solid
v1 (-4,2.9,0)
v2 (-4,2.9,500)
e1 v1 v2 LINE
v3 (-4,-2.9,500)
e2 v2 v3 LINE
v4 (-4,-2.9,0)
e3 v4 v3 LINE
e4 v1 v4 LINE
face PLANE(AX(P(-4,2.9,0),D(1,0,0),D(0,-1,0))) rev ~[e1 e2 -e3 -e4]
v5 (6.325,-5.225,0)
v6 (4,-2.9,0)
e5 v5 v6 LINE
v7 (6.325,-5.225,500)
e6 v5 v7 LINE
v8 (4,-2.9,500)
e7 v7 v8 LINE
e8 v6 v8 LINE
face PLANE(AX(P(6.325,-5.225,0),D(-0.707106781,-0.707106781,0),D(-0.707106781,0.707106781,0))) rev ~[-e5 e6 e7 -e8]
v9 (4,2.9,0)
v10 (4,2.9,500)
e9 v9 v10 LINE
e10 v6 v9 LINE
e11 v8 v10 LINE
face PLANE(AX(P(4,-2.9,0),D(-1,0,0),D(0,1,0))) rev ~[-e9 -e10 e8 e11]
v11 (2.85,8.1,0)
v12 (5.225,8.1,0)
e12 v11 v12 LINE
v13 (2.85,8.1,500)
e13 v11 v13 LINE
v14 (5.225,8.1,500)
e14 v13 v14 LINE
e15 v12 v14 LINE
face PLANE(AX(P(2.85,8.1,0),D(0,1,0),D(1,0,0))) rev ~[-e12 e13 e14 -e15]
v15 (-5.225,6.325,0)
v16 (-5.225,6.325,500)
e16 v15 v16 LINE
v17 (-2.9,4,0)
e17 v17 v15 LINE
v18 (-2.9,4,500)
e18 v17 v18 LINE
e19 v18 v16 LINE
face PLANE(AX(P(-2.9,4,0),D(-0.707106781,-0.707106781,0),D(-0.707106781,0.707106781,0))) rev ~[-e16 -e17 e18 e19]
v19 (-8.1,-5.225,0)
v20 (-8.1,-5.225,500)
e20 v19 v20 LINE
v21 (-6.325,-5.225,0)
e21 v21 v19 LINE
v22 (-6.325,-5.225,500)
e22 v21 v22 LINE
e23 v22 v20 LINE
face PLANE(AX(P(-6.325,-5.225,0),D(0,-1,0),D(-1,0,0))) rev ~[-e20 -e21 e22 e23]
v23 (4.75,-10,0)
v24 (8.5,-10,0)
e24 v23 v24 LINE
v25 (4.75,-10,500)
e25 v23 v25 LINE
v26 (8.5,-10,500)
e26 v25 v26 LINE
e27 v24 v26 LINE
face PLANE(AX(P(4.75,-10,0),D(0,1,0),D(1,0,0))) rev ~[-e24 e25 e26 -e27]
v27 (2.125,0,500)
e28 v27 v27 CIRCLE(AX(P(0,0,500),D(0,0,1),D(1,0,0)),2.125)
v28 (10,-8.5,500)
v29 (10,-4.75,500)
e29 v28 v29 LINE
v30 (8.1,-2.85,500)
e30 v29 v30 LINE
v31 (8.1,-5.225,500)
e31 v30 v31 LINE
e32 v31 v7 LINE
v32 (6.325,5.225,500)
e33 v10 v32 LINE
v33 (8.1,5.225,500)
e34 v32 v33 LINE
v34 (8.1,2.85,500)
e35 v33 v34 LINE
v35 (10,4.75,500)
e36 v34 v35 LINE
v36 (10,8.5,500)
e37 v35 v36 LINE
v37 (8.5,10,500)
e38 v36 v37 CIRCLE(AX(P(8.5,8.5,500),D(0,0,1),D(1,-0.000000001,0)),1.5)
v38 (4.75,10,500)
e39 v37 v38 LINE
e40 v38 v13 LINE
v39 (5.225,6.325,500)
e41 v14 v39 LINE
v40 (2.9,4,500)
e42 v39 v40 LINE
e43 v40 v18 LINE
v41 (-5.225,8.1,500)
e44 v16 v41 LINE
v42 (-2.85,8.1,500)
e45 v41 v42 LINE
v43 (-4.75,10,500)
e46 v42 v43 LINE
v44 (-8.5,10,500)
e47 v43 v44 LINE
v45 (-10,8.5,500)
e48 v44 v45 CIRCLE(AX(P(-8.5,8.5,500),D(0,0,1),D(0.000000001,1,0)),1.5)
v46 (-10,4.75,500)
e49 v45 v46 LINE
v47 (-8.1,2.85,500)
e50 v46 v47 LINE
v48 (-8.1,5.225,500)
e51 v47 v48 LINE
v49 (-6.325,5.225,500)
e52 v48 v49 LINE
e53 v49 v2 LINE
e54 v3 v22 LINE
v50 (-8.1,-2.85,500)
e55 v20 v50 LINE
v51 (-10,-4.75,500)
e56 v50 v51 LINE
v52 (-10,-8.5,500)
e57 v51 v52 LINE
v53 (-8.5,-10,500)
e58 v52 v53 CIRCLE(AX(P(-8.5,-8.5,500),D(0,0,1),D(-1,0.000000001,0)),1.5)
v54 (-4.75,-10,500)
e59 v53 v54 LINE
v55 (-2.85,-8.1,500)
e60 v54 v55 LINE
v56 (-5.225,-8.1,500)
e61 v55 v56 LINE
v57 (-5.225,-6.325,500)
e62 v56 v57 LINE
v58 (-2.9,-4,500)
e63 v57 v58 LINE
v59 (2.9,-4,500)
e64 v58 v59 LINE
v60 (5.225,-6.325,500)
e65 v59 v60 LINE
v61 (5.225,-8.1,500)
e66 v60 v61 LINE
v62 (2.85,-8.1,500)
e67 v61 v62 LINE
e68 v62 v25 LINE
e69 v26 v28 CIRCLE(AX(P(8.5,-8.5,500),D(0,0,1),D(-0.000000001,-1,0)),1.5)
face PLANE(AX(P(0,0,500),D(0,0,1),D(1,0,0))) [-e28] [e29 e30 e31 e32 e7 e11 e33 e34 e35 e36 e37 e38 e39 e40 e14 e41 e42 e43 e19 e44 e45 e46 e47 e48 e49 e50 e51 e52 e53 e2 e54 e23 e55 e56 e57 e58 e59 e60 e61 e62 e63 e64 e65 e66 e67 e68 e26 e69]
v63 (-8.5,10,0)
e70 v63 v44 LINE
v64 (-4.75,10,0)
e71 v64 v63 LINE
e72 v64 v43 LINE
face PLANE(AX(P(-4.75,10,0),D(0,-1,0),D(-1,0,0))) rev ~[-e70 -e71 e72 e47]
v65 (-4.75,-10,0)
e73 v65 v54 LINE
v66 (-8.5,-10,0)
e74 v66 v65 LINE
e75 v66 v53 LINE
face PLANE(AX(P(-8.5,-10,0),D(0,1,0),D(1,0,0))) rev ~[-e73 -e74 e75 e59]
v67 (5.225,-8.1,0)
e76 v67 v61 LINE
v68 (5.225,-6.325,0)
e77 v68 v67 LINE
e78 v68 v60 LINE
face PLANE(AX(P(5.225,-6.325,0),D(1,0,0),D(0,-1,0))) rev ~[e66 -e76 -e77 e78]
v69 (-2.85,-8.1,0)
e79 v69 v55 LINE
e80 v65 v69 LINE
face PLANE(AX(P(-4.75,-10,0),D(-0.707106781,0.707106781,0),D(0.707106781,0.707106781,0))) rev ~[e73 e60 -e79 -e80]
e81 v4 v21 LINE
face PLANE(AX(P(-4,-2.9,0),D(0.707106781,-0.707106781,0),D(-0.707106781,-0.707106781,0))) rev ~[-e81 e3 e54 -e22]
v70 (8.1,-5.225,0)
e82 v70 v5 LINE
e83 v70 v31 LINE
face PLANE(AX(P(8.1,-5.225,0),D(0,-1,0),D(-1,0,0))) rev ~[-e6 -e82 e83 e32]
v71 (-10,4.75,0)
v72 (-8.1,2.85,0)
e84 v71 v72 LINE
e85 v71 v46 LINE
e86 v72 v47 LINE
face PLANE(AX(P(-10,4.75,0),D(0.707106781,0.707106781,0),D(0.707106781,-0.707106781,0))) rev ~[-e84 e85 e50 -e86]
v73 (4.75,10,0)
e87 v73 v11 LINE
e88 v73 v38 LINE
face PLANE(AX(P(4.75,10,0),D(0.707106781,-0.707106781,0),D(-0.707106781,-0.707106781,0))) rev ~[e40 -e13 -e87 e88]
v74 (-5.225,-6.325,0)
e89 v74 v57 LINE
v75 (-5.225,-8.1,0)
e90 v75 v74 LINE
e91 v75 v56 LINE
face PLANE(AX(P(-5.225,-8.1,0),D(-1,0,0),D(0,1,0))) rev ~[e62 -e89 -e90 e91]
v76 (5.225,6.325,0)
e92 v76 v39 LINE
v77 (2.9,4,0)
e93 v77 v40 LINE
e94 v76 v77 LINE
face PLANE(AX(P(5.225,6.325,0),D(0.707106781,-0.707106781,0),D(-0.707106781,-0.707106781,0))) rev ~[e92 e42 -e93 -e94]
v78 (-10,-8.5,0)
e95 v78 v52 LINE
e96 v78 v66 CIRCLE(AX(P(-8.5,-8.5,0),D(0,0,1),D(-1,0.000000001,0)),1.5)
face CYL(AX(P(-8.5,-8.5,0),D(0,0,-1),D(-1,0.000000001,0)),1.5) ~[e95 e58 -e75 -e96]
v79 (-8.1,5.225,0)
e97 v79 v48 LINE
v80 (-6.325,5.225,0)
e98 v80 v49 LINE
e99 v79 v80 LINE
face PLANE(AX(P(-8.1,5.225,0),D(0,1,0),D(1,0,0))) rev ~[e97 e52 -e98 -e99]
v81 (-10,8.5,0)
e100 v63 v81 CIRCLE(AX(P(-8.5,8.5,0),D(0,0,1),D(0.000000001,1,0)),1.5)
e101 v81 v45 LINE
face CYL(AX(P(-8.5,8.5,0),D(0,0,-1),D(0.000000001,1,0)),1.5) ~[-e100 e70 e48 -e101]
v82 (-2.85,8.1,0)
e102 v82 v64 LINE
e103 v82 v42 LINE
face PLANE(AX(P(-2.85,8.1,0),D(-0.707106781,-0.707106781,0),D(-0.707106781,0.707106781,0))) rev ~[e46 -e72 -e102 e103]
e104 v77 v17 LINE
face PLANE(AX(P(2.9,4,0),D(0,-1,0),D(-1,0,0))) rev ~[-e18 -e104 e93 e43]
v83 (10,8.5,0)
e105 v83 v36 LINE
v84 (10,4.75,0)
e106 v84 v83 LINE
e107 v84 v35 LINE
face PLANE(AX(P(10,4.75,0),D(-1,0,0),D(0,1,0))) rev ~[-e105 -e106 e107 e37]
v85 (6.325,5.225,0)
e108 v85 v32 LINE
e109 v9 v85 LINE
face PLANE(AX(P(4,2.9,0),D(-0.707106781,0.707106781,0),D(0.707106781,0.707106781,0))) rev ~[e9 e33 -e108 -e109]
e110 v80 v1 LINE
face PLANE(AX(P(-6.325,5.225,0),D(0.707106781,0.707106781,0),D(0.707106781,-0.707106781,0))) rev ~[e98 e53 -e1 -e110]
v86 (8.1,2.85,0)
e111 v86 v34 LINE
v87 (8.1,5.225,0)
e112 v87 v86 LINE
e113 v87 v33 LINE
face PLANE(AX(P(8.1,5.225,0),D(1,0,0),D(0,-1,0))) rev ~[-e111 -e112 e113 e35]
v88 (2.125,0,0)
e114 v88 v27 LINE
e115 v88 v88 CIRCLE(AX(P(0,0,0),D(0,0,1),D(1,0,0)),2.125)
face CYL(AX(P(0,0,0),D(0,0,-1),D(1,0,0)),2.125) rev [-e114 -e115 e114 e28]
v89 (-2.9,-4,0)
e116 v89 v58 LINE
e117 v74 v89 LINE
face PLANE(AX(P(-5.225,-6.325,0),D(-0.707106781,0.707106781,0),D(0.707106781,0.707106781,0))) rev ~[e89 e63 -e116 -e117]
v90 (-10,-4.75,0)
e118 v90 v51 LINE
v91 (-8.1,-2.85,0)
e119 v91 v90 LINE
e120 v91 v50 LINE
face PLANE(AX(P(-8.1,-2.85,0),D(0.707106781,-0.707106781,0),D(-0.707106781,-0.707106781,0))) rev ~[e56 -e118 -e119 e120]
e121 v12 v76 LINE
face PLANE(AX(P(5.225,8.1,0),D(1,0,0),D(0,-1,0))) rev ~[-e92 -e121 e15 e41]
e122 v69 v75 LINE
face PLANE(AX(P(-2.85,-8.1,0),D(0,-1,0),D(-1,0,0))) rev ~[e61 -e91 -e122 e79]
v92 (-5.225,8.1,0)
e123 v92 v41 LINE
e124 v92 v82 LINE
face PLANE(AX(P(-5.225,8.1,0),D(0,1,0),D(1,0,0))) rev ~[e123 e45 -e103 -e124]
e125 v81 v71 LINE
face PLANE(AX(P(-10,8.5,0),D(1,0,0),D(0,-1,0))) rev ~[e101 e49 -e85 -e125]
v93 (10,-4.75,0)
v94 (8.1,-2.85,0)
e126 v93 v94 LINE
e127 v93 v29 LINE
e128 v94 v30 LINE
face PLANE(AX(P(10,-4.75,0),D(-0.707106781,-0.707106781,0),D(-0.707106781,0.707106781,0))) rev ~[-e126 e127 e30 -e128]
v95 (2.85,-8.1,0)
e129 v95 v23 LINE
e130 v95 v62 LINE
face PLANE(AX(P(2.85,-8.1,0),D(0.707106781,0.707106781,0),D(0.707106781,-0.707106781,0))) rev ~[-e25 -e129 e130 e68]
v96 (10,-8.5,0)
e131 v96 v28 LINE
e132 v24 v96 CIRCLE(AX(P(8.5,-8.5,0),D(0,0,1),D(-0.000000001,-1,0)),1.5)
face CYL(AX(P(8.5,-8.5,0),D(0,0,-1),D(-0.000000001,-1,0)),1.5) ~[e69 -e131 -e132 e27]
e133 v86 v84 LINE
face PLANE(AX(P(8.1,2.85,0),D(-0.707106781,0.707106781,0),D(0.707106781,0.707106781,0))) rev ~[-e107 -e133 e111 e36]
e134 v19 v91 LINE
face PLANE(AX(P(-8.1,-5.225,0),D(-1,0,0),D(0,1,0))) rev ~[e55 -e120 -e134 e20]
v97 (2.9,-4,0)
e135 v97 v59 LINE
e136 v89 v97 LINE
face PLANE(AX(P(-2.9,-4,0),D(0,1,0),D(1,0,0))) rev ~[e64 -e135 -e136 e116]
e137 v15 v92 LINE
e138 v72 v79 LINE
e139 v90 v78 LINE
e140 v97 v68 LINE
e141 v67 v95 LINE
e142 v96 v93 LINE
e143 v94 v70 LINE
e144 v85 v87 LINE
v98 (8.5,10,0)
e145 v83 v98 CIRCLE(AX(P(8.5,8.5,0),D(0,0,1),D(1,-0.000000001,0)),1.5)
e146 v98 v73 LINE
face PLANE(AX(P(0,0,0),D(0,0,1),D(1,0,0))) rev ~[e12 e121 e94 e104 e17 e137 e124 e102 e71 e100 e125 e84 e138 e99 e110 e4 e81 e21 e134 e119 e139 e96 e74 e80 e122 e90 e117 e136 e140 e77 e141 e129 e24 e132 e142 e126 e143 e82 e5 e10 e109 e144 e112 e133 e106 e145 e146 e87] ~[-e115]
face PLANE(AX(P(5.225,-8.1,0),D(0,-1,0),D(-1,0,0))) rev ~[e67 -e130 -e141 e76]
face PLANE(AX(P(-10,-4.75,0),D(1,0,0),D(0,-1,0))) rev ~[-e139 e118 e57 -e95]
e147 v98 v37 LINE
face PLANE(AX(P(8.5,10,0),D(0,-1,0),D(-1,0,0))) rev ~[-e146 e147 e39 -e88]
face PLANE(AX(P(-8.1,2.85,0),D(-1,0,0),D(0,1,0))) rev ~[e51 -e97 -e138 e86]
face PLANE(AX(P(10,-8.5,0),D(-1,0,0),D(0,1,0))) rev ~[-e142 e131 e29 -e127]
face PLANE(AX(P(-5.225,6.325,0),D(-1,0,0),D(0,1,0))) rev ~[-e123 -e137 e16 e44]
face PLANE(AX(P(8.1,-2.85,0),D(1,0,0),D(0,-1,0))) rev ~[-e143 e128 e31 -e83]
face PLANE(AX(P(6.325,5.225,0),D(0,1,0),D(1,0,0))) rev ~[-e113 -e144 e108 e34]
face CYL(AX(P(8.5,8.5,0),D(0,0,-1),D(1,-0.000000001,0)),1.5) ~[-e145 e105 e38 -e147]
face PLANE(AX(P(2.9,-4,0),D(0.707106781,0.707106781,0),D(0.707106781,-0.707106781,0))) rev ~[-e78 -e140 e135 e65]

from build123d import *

# Parameters (mm, degrees)
SKETCH1_R           = 2.125
BOSS_EXTRUDE1_DEPTH = 500


with BuildPart() as part:
    # Sketch1 → Boss-Extrude1 (new body)
    with BuildSketch(Plane.XY):
        with BuildLine():
            Line((8.1, 5.225), (8.1, 2.85))
            Line((8.1, 2.85), (10, 4.75))
            Line((10, 4.75), (10, 8.5))
            ThreePointArc((10, 8.5), (9.560660172, 9.560660172), (8.5, 10))
            Line((8.5, 10), (4.75, 10))
            Line((4.75, 10), (2.85, 8.1))
            Line((2.85, 8.1), (5.225, 8.1))
            Line((5.225, 8.1), (5.225, 6.325))
            Line((5.225, 6.325), (2.9, 4))
            Line((2.9, 4), (-2.9, 4))
            Line((-2.9, 4), (-5.225, 6.325))
            Line((-5.225, 6.325), (-5.225, 8.1))
            Line((-5.225, 8.1), (-2.85, 8.1))
            Line((-2.85, 8.1), (-4.75, 10))
            Line((-4.75, 10), (-8.5, 10))
            ThreePointArc((-8.5, 10), (-9.560660172, 9.560660172), (-10, 8.5))
            Line((-10, 8.5), (-10, 4.75))
            Line((-10, 4.75), (-8.1, 2.85))
            Line((-8.1, 2.85), (-8.1, 5.225))
            Line((-8.1, 5.225), (-6.325, 5.225))
            Line((-6.325, 5.225), (-4, 2.9))
            Line((-4, 2.9), (-4, -2.9))
            Line((-4, -2.9), (-6.325, -5.225))
            Line((-6.325, -5.225), (-8.1, -5.225))
            Line((-8.1, -5.225), (-8.1, -2.85))
            Line((-8.1, -2.85), (-10, -4.75))
            Line((-10, -4.75), (-10, -8.5))
            ThreePointArc((-10, -8.5), (-9.560660172, -9.560660172), (-8.5, -10))
            Line((-8.5, -10), (-4.75, -10))
            Line((-4.75, -10), (-2.85, -8.1))
            Line((-2.85, -8.1), (-5.225, -8.1))
            Line((-5.225, -8.1), (-5.225, -6.325))
            Line((-5.225, -6.325), (-2.9, -4))
            Line((-2.9, -4), (2.9, -4))
            Line((2.9, -4), (5.225, -6.325))
            Line((5.225, -6.325), (5.225, -8.1))
            Line((5.225, -8.1), (2.85, -8.1))
            Line((2.85, -8.1), (4.75, -10))
            Line((4.75, -10), (8.5, -10))
            ThreePointArc((8.5, -10), (9.560660172, -9.560660172), (10, -8.5))
            Line((10, -8.5), (10, -4.75))
            Line((10, -4.75), (8.1, -2.85))
            Line((8.1, -2.85), (8.1, -5.225))
            Line((8.1, -5.225), (6.325, -5.225))
            Line((6.325, -5.225), (4, -2.9))
            Line((4, -2.9), (4, 2.9))
            Line((4, 2.9), (6.325, 5.225))
            Line((6.325, 5.225), (8.1, 5.225))
        make_face()
        Circle(SKETCH1_R, mode=Mode.SUBTRACT)
    extrude(amount=BOSS_EXTRUDE1_DEPTH)


solid = part.part
